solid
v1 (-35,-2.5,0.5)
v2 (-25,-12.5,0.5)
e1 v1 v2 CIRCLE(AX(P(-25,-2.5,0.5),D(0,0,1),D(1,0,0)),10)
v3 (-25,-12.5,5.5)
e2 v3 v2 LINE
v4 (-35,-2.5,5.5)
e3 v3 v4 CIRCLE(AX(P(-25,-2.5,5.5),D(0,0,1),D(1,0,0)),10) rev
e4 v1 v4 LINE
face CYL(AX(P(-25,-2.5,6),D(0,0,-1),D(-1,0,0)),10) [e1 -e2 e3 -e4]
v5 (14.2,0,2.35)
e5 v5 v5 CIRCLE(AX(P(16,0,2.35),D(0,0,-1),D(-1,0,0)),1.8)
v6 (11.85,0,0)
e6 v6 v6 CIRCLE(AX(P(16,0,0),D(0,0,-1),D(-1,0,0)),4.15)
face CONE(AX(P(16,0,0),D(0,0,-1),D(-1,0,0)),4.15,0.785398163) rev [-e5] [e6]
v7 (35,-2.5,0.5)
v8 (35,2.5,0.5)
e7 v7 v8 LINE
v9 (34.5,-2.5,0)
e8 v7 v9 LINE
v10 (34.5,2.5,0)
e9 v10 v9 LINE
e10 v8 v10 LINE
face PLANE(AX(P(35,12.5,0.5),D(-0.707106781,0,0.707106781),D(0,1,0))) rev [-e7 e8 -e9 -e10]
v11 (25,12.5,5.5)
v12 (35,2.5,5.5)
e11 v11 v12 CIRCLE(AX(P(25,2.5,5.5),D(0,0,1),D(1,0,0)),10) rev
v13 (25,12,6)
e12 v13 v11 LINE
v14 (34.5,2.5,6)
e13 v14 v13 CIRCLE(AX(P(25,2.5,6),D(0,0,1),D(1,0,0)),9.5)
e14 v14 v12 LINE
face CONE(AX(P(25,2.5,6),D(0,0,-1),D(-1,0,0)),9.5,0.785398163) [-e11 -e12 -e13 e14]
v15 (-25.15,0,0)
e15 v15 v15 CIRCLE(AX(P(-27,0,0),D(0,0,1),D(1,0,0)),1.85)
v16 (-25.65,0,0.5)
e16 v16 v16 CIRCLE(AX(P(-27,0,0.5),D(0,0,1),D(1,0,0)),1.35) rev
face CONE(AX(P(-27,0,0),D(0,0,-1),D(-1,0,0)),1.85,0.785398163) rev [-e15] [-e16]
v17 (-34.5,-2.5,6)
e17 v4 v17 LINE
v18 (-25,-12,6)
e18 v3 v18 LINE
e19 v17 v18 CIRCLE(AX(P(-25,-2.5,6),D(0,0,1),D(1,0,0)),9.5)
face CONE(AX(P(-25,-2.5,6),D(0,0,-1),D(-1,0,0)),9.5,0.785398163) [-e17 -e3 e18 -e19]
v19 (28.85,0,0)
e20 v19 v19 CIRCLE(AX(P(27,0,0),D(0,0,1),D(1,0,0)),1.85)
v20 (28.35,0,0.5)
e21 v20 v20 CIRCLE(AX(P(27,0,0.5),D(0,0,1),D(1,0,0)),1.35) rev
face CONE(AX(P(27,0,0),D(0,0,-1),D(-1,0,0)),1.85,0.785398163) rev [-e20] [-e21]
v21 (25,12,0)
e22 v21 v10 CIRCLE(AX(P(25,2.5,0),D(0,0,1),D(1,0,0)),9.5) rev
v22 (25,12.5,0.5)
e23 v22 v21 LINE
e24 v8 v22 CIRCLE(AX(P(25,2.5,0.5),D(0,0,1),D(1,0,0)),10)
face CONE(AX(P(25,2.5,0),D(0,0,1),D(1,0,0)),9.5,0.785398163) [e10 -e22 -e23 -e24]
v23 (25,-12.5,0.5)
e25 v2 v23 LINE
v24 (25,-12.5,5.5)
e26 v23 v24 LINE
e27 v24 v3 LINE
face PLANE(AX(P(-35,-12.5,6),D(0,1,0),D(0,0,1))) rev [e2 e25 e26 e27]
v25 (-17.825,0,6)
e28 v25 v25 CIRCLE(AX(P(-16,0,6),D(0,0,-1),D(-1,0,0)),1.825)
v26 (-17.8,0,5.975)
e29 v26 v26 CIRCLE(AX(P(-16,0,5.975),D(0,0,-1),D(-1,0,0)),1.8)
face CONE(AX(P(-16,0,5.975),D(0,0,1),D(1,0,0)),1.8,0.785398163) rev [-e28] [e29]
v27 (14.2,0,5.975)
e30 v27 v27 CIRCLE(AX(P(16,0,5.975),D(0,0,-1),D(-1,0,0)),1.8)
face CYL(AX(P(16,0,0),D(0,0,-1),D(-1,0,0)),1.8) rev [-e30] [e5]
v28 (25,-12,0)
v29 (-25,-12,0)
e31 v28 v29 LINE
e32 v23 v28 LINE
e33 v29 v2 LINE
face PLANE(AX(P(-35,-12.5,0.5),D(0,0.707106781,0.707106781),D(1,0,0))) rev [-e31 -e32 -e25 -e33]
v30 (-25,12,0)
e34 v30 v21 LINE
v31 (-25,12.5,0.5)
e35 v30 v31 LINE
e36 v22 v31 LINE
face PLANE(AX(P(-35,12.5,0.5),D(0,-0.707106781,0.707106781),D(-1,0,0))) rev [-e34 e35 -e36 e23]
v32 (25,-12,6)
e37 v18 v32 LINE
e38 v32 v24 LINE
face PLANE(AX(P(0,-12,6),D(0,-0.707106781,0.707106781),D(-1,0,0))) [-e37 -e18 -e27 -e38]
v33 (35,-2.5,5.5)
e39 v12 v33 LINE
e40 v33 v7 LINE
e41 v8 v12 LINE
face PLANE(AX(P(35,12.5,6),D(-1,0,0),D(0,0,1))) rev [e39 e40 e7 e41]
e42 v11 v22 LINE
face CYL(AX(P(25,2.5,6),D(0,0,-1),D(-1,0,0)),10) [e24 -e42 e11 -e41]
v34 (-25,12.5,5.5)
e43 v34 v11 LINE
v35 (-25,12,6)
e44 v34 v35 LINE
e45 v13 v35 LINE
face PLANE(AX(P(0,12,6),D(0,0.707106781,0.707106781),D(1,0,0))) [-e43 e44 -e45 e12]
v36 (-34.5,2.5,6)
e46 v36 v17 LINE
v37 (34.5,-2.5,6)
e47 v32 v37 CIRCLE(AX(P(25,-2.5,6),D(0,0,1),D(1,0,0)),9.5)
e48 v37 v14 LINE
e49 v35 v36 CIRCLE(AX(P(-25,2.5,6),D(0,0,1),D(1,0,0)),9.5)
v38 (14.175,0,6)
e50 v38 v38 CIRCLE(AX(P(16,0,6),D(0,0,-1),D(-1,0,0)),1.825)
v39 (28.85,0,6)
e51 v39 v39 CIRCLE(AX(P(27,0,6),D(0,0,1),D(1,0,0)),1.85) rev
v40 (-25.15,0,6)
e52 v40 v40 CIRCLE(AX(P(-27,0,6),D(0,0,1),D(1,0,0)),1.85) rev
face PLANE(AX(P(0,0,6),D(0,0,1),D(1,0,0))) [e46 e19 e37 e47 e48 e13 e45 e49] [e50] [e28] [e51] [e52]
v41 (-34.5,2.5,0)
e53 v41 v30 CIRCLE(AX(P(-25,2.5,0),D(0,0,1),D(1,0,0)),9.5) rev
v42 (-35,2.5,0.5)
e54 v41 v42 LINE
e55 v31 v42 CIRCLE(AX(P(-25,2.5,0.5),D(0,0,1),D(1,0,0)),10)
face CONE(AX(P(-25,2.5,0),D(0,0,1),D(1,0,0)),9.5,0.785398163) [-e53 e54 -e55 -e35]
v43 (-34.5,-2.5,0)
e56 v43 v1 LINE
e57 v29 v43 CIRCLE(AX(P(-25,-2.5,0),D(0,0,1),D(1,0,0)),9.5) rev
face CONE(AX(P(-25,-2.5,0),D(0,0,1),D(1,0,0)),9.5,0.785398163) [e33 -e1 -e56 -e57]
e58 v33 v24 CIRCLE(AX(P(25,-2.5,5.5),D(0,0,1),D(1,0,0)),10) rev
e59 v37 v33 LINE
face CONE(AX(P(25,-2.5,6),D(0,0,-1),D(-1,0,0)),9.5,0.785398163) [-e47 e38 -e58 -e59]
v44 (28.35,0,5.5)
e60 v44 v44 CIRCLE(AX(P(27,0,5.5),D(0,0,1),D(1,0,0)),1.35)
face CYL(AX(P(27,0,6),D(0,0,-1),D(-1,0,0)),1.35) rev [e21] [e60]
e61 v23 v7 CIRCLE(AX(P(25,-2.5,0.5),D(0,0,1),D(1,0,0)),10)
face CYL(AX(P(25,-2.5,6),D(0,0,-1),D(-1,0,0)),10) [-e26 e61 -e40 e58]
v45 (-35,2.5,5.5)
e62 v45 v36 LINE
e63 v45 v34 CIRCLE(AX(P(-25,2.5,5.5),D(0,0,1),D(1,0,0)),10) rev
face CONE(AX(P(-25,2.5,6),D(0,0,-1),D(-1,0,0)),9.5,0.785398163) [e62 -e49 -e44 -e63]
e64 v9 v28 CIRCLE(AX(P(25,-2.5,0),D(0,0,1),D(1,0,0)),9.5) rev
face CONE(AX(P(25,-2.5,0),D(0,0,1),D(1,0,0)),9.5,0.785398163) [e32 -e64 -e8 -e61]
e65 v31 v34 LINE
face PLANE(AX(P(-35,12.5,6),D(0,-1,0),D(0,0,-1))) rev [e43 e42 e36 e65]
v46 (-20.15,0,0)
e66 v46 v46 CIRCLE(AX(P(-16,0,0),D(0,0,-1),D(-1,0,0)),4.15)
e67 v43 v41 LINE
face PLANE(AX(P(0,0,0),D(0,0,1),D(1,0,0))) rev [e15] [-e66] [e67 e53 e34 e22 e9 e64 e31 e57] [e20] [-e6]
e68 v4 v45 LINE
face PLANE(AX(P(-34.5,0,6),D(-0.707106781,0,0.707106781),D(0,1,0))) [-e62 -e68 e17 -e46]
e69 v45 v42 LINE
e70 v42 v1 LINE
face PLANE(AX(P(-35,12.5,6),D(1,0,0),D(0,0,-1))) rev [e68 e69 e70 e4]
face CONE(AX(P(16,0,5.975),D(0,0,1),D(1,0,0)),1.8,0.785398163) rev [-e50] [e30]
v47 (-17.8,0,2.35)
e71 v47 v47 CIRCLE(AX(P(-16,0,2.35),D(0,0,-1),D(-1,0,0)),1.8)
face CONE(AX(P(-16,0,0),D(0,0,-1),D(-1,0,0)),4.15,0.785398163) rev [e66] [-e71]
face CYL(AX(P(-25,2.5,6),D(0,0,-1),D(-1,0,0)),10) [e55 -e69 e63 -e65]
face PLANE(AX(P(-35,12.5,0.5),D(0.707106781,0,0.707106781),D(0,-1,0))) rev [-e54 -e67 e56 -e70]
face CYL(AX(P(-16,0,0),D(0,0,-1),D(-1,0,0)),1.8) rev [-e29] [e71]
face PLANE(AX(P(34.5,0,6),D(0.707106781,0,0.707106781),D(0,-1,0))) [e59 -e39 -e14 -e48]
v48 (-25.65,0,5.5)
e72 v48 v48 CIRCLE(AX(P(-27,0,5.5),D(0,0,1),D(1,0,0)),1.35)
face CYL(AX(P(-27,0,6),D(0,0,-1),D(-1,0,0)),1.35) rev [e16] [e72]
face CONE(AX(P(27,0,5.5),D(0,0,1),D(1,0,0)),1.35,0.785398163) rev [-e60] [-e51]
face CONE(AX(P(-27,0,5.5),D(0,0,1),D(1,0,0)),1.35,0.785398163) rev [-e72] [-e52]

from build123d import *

# Parameters (mm, degrees)
SKETCH1_W                                    = 70
SKETCH1_H                                    = 25
SKETCH1_R                                    = 1.35
BOSS_EXTRUDE1_DEPTH                          = 6
CHAMFER1_SIZE                                = 0.5
FILLET1_R                                    = 10
CHAMFER2_SIZE                                = 0.5
CSK_FOR_M3_COUNTERSUNK_FLAT_HEAD_SCR_2_COUNT = 2
CSK_FOR_M3_COUNTERSUNK_FLAT_HEAD_SCR_2_PITCH = 32


with BuildPart() as part:
    # Sketch1 → Boss-Extrude1 (new body)
    with BuildSketch(Plane.XY):
        Rectangle(SKETCH1_W, SKETCH1_H)
        with Locations((-27, 0)):
            Circle(SKETCH1_R, mode=Mode.SUBTRACT)
        with Locations((27, 0)):
            Circle(SKETCH1_R, mode=Mode.SUBTRACT)
        with Locations((-16, 0)):
            Circle(SKETCH1_R, mode=Mode.SUBTRACT)
        with Locations((16, 0)):
            Circle(SKETCH1_R, mode=Mode.SUBTRACT)
    extrude(amount=BOSS_EXTRUDE1_DEPTH)

    # Chamfer1
    chamfer1_edges = [part.edges().sort_by_distance(p)[0] for p in [
        (-28.35, 0, 0),
        (-28.35, 0, 6),
        (25.65, 0, 0),
        (25.65, 0, 6),
    ]]
    chamfer(chamfer1_edges, length=CHAMFER1_SIZE)

    # Fillet1
    fillet1_edges = [part.edges().sort_by_distance(p)[0] for p in [
        (35, -12.5, 3),
        (-35, -12.5, 3),
        (-35, 12.5, 3),
        (35, 12.5, 3),
    ]]
    fillet(fillet1_edges, radius=FILLET1_R)

    # Chamfer2
    chamfer2_edges = [part.edges().sort_by_distance(p)[0] for p in [
        (-35, 0, 0),
        (-35, 0, 6),
        (35, 0, 0),
        (0, -12.5, 0),
        (0, 12.5, 0),
        (32.071067812, -9.571067812, 0),
        (-32.071067812, -9.571067812, 0),
        (32.071067812, 9.571067812, 0),
        (-32.071067812, 9.571067812, 0),
        (0, 12.5, 6),
        (35, 0, 6),
        (0, -12.5, 6),
        (32.071067812, -9.571067812, 6),
        (-32.071067812, -9.571067812, 6),
        (32.071067812, 9.571067812, 6),
        (-32.071067812, 9.571067812, 6),
    ]]
    chamfer(chamfer2_edges, length=CHAMFER2_SIZE)

    # Sketch3 → CSK for M3 Countersunk Flat Head Screw1 (revolve, cut)
    with BuildSketch(Plane.YZ.offset(-16)):
        Polygon((0, 0), (0, 6), (1.825, 6), (1.8, 5.975), (1.8, 2.35), (4.15, 0), align=None)
    csk_for_m3_countersunk_flat_head_screw1 = revolve(axis=Axis((-16, 0, -6.35), (0, 0, 1)), mode=Mode.SUBTRACT)

    # CSK for M3 Countersunk Flat Head Scr 2: CSK for M3 Countersunk Flat Head Screw1 ×2
    with Locations(*[(i * CSK_FOR_M3_COUNTERSUNK_FLAT_HEAD_SCR_2_PITCH, 0, 0) for i in range(1, CSK_FOR_M3_COUNTERSUNK_FLAT_HEAD_SCR_2_COUNT)]):
        add(csk_for_m3_countersunk_flat_head_screw1, mode=Mode.SUBTRACT)


solid = part.part
